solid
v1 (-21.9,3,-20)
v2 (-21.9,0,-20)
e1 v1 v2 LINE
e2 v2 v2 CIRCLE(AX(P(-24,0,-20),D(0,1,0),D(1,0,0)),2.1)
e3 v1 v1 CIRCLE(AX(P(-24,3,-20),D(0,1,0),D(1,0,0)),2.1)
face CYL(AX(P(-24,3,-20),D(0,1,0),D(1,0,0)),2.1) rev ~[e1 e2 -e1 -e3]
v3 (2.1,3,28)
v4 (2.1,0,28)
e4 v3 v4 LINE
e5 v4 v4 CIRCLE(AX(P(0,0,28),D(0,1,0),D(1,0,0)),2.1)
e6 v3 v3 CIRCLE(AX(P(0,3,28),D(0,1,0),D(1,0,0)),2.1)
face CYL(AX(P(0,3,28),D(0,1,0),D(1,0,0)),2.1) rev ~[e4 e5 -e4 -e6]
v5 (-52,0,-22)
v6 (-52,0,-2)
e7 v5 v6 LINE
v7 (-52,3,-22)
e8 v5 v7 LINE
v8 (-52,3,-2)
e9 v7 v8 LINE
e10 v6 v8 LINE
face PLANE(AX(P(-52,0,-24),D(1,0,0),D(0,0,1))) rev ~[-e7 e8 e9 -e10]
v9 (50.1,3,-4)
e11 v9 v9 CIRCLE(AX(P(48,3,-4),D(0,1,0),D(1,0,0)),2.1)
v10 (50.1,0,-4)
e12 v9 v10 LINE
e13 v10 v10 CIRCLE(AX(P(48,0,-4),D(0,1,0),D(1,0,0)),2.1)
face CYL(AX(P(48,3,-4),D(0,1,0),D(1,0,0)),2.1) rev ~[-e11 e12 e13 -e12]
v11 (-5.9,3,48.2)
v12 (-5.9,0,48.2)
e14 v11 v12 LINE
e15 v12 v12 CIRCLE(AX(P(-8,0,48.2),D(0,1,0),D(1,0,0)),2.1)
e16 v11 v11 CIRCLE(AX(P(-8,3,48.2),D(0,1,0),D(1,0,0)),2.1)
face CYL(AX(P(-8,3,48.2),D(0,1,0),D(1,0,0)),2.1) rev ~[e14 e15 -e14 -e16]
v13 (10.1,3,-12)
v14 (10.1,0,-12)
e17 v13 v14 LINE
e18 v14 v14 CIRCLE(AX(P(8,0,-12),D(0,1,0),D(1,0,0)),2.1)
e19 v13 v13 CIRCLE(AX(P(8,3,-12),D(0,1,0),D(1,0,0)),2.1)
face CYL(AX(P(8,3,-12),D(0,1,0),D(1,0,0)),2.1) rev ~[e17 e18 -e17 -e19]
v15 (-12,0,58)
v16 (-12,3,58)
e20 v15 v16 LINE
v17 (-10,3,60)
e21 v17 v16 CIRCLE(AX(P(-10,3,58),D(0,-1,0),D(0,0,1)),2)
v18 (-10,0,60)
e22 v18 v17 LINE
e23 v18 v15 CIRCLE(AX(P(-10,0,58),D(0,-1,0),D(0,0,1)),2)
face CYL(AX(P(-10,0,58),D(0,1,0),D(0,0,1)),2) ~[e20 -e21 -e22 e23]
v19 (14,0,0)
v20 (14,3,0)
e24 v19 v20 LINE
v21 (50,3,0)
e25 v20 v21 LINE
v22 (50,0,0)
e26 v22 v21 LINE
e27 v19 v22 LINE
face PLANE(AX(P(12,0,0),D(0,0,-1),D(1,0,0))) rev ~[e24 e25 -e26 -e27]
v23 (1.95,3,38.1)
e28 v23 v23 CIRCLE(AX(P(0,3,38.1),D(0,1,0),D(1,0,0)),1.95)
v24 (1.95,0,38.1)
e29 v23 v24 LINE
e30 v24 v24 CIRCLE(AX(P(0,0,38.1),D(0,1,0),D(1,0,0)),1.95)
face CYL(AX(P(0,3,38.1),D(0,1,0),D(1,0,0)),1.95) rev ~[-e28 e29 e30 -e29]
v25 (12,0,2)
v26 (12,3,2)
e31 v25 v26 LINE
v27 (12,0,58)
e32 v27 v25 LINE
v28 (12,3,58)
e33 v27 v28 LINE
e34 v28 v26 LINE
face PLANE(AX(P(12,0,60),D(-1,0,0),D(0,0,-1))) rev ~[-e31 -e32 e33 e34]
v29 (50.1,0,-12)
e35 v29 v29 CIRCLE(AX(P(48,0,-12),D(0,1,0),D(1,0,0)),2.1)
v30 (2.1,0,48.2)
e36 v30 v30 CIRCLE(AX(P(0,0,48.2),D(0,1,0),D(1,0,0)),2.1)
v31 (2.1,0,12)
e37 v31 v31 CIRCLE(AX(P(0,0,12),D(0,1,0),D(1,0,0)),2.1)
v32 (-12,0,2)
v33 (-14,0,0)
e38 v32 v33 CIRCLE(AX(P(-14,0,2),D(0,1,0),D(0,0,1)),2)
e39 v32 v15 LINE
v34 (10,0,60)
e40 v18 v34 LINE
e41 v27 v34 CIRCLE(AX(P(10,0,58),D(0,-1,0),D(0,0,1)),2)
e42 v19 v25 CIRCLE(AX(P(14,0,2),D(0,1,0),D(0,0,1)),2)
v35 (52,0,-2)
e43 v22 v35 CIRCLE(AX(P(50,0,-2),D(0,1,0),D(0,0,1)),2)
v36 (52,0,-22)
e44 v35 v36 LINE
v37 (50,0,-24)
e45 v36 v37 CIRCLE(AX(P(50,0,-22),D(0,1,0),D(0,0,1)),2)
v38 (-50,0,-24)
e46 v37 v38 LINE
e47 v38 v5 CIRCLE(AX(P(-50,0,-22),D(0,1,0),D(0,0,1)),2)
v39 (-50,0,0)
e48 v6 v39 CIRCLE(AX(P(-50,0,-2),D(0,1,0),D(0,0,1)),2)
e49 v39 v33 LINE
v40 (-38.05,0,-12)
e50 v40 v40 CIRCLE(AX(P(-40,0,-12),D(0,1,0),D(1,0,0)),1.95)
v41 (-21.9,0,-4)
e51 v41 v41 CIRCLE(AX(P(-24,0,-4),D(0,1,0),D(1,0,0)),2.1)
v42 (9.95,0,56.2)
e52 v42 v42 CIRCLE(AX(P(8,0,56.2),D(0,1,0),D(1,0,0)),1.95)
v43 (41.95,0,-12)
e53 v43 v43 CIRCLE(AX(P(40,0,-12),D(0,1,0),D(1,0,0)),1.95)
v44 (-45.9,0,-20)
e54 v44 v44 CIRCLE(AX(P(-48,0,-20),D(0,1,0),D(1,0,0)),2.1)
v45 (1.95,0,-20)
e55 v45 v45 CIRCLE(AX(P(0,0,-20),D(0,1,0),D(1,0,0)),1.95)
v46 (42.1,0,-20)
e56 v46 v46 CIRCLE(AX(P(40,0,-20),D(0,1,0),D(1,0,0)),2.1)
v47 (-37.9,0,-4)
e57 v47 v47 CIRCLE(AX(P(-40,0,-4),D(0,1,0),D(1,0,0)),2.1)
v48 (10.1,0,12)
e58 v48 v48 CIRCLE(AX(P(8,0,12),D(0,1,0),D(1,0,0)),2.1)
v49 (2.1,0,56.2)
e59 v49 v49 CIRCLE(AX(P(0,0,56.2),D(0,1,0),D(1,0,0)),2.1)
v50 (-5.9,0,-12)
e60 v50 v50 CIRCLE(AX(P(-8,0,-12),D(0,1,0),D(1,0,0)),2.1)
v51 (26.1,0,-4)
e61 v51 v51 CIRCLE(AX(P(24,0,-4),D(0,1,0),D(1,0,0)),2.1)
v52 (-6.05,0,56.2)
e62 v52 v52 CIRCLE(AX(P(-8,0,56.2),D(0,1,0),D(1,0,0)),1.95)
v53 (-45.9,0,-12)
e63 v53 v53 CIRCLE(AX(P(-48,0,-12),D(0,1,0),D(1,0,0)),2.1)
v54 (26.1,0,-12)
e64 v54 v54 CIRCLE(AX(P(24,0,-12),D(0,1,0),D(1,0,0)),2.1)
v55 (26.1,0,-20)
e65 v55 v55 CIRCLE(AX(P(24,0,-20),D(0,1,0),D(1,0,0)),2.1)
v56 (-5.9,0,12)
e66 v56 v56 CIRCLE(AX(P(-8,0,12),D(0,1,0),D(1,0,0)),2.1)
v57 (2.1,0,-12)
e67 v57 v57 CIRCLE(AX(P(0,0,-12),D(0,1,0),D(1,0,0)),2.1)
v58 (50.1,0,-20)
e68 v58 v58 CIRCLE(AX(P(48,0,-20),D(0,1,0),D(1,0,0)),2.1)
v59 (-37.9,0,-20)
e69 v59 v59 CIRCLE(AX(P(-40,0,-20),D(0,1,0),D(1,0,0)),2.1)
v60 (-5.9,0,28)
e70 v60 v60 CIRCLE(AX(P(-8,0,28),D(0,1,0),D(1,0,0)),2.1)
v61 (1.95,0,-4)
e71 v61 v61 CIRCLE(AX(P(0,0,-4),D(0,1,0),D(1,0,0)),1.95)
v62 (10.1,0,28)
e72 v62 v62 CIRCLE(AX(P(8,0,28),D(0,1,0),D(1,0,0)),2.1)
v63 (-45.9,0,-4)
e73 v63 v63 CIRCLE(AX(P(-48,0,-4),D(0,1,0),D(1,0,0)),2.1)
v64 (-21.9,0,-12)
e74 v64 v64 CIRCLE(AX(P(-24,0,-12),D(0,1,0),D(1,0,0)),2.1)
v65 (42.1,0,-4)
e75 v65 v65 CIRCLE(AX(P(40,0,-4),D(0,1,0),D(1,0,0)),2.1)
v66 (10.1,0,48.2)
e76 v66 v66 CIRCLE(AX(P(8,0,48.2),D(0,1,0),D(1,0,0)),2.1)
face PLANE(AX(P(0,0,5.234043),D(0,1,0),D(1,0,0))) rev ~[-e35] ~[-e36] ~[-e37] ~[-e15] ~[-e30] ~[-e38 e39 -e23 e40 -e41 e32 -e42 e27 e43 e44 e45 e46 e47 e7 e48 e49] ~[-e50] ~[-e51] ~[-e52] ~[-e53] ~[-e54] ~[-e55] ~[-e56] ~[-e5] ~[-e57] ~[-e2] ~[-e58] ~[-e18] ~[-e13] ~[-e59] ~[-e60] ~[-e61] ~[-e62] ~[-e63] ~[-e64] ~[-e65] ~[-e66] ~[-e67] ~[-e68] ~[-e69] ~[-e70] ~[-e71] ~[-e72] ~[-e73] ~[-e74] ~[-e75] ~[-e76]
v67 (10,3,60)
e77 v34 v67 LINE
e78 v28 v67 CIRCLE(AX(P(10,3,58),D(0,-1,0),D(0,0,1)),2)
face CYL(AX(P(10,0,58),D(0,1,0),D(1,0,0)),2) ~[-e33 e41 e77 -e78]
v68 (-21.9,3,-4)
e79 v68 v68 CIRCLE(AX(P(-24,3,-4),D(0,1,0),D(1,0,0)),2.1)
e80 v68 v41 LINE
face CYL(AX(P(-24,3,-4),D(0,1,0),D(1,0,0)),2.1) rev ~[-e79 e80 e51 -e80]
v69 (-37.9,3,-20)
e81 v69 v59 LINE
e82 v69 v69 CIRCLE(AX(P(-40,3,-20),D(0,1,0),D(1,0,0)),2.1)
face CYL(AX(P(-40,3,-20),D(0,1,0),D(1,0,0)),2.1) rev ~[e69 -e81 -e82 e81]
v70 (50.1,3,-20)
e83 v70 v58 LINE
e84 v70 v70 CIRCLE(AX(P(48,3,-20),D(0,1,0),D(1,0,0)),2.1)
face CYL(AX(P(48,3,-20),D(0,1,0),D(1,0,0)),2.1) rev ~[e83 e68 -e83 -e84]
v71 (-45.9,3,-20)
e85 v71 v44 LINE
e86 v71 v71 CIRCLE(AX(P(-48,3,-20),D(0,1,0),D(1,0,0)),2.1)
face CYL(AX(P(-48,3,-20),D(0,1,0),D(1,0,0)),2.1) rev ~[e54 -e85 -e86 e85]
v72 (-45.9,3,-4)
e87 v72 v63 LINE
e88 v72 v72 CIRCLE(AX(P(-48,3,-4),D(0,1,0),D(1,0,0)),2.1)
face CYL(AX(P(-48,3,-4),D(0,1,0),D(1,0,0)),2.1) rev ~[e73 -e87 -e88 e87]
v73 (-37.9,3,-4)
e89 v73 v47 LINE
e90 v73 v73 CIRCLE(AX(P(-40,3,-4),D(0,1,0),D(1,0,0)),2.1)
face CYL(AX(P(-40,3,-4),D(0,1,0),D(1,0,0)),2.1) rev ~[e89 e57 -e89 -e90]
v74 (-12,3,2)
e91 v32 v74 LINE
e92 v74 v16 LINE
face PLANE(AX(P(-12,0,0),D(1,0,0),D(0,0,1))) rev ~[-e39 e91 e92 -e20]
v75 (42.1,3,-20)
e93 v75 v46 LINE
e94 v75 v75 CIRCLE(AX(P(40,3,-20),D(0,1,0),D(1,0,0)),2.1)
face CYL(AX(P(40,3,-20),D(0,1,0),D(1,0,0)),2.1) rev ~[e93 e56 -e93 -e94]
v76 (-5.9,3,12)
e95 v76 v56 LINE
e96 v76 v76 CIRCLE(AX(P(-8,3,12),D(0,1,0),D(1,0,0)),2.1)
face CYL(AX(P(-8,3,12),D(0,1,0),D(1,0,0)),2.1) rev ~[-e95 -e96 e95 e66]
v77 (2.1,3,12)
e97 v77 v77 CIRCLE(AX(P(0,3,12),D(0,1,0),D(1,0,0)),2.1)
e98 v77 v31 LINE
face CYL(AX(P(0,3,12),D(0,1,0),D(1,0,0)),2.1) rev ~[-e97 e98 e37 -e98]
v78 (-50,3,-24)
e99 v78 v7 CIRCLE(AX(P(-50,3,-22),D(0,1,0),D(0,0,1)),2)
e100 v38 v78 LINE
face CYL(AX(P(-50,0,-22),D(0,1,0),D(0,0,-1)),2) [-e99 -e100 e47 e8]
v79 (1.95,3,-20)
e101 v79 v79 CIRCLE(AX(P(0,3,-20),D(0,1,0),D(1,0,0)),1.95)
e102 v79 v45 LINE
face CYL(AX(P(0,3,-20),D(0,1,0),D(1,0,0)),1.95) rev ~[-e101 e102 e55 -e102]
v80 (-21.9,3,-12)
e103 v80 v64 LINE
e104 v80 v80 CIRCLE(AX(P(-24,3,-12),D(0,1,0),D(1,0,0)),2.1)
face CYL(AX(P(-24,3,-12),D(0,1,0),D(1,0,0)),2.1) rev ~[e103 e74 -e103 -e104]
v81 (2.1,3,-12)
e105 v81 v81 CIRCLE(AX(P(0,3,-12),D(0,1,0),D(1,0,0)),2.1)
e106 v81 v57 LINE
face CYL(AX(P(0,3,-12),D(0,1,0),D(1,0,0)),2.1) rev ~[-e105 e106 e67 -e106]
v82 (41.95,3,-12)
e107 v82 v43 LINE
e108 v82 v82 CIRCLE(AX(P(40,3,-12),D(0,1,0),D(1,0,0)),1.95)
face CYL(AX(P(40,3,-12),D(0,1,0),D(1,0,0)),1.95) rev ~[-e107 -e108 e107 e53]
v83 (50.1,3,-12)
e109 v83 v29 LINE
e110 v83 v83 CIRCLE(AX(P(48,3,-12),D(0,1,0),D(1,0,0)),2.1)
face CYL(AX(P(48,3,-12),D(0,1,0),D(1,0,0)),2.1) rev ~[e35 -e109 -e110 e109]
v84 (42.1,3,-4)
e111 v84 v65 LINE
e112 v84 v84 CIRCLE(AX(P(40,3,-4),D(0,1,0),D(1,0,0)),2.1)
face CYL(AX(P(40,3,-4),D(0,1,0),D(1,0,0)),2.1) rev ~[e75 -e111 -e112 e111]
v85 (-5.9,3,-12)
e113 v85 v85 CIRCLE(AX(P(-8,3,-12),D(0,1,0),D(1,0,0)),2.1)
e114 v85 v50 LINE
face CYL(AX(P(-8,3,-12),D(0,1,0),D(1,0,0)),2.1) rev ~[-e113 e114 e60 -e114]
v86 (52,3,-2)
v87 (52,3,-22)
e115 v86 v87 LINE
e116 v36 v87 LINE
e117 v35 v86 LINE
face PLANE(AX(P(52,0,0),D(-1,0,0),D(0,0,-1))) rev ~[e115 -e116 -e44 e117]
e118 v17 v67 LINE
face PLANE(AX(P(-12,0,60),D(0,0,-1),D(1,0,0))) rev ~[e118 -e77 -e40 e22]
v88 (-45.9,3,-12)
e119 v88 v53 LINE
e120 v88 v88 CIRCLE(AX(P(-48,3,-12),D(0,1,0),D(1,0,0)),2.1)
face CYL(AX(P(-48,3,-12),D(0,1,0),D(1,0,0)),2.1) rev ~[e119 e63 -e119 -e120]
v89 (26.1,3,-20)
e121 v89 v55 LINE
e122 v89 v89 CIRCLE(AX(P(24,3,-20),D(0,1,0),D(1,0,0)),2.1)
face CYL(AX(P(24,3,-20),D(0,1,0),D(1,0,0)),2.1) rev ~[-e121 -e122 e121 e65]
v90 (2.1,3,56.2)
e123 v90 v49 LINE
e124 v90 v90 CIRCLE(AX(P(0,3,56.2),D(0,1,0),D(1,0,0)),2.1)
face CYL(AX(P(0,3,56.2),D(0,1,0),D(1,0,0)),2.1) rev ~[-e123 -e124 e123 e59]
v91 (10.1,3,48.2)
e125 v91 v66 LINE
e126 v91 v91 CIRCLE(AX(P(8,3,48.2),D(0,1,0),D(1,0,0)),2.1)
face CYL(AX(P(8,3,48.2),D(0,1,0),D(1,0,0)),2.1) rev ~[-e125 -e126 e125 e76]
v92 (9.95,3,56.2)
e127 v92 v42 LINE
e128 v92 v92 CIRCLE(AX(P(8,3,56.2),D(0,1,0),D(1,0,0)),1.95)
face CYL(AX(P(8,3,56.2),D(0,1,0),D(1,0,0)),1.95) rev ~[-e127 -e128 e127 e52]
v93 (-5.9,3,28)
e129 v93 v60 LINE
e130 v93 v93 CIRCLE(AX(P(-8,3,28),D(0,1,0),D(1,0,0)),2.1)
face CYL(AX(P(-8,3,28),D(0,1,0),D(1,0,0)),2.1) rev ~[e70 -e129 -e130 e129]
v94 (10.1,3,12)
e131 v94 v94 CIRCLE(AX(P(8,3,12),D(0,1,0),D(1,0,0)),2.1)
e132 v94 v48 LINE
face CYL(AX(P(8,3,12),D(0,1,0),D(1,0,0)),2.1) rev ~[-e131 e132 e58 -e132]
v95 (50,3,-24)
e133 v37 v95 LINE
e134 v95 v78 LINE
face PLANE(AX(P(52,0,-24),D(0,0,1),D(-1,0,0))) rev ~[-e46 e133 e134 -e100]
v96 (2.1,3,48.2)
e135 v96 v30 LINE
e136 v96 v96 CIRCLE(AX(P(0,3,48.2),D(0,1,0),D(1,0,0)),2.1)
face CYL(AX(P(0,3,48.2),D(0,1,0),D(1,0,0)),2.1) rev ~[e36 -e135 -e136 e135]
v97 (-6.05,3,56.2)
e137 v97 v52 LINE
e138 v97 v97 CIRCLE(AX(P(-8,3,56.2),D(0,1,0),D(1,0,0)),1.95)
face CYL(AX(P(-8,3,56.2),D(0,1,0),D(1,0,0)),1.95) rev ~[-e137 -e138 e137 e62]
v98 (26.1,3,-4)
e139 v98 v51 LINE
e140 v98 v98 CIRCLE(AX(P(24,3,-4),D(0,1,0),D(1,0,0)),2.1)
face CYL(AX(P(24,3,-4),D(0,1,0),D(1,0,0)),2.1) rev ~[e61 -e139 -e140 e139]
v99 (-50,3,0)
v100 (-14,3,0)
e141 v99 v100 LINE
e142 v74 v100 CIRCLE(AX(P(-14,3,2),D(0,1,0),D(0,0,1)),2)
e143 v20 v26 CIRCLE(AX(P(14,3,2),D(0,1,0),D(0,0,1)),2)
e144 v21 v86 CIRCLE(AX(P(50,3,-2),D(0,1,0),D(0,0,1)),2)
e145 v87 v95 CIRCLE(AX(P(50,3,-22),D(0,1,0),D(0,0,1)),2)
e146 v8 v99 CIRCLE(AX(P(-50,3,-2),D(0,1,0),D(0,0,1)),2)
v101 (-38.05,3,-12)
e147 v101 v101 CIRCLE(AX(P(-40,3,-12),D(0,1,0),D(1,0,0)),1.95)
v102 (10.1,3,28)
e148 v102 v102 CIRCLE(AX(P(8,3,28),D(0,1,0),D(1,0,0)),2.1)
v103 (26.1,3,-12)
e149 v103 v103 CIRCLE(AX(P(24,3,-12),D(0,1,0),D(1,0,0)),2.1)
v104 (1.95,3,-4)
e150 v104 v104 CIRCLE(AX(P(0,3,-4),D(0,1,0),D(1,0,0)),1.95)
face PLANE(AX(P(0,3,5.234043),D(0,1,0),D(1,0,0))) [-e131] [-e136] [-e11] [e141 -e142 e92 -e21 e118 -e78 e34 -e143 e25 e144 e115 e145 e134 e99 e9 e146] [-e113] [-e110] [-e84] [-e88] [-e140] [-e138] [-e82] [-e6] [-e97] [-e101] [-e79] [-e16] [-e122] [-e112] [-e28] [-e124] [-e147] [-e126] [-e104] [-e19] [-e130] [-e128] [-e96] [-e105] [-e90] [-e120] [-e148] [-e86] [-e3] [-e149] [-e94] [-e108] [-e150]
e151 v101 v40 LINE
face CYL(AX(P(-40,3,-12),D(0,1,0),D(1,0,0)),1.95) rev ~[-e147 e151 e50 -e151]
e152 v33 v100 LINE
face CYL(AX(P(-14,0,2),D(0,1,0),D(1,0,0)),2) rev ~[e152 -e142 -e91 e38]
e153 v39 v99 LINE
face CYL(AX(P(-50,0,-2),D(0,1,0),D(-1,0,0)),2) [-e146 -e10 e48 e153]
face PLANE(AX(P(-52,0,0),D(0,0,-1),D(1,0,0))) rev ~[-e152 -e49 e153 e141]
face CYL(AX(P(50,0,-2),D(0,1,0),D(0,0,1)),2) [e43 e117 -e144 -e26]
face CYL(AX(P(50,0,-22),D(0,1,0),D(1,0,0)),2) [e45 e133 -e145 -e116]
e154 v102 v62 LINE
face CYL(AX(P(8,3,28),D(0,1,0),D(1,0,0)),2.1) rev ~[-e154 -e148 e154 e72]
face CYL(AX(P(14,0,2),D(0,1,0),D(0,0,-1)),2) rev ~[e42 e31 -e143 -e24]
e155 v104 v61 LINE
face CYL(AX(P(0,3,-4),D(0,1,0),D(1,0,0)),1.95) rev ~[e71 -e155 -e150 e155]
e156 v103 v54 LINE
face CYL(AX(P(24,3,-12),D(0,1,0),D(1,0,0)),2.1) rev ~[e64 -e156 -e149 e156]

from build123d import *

# Parameters (mm, degrees)
BOSS_EXTRUDE1_DEPTH = 3
SKETCH2_R           = 2.1
SKETCH2_R_2         = 1.95
CUT_EXTRUDE1_DEPTH  = 4
FILLET1_R           = 2


with BuildPart() as part:
    # Sketch1 → Boss-Extrude1 (new body)
    with BuildSketch(Plane(origin=(0, 0, 0), x_dir=(1, 0, 0), z_dir=(0, 1, 0))):
        Polygon((12, 0), (52, 0), (52, 24), (-52, 24), (-52, 0), (-12, 0), (-12, -60), (12, -60), align=None)
    extrude(amount=BOSS_EXTRUDE1_DEPTH)

    # Sketch2 → Cut-Extrude1 (cut, through all)
    with BuildSketch(Plane(origin=(0, 3, 0), x_dir=(1, 0, 0), z_dir=(0, 1, 0))):
        with Locations((0, 12)):
            Circle(SKETCH2_R)
        with Locations((-8, 12)):
            Circle(SKETCH2_R)
        with Locations((0, 20)):
            Circle(SKETCH2_R_2)
        with Locations((-48, 12)):
            Circle(SKETCH2_R)
        with Locations((-48, 20)):
            Circle(SKETCH2_R)
        with Locations((-40, 12)):
            Circle(SKETCH2_R_2)
        with Locations((-40, 20)):
            Circle(SKETCH2_R)
        with Locations((-24, 12)):
            Circle(SKETCH2_R)
        with Locations((-24, 20)):
            Circle(SKETCH2_R)
        with Locations((0, -12)):
            Circle(SKETCH2_R)
        with Locations((0, -28)):
            Circle(SKETCH2_R)
        with Locations((0, -38.1)):
            Circle(SKETCH2_R_2)
        with Locations((0, -48.2)):
            Circle(SKETCH2_R)
        with Locations((0, -56.2)):
            Circle(SKETCH2_R)
        with Locations((-8, -56.2)):
            Circle(SKETCH2_R_2)
        with Locations((-8, -48.2)):
            Circle(SKETCH2_R)
        with Locations((-8, -28)):
            Circle(SKETCH2_R)
        with Locations((-8, -12)):
            Circle(SKETCH2_R)
        with Locations((0, 4)):
            Circle(SKETCH2_R_2)
        with Locations((-24, 4)):
            Circle(SKETCH2_R)
        with Locations((-40, 4)):
            Circle(SKETCH2_R)
        with Locations((-48, 4)):
            Circle(SKETCH2_R)
        with Locations((8, -56.2)):
            Circle(SKETCH2_R_2)
        with Locations((8, -48.2)):
            Circle(SKETCH2_R)
        with Locations((8, -28)):
            Circle(SKETCH2_R)
        with Locations((8, -12)):
            Circle(SKETCH2_R)
        with Locations((8, 12)):
            Circle(SKETCH2_R)
        with Locations((24, 4)):
            Circle(SKETCH2_R)
        with Locations((24, 20)):
            Circle(SKETCH2_R)
        with Locations((24, 12)):
            Circle(SKETCH2_R)
        with Locations((40, 20)):
            Circle(SKETCH2_R)
        with Locations((40, 12)):
            Circle(SKETCH2_R_2)
        with Locations((48, 12)):
            Circle(SKETCH2_R)
        with Locations((40, 4)):
            Circle(SKETCH2_R)
        with Locations((48, 4)):
            Circle(SKETCH2_R)
        with Locations((48, 20)):
            Circle(SKETCH2_R)
    extrude(amount=-CUT_EXTRUDE1_DEPTH, mode=Mode.SUBTRACT)

    # Fillet1
    fillet1_edges = [part.edges().sort_by_distance(p)[0] for p in [
        (-52, 1.5, -24),
        (52, 1.5, -24),
        (52, 1.5, 0),
        (12, 1.5, 0),
        (12, 1.5, 60),
        (-12, 1.5, 60),
        (-12, 1.5, 0),
        (-52, 1.5, 0),
    ]]
    fillet(fillet1_edges, radius=FILLET1_R)


solid = part.part
